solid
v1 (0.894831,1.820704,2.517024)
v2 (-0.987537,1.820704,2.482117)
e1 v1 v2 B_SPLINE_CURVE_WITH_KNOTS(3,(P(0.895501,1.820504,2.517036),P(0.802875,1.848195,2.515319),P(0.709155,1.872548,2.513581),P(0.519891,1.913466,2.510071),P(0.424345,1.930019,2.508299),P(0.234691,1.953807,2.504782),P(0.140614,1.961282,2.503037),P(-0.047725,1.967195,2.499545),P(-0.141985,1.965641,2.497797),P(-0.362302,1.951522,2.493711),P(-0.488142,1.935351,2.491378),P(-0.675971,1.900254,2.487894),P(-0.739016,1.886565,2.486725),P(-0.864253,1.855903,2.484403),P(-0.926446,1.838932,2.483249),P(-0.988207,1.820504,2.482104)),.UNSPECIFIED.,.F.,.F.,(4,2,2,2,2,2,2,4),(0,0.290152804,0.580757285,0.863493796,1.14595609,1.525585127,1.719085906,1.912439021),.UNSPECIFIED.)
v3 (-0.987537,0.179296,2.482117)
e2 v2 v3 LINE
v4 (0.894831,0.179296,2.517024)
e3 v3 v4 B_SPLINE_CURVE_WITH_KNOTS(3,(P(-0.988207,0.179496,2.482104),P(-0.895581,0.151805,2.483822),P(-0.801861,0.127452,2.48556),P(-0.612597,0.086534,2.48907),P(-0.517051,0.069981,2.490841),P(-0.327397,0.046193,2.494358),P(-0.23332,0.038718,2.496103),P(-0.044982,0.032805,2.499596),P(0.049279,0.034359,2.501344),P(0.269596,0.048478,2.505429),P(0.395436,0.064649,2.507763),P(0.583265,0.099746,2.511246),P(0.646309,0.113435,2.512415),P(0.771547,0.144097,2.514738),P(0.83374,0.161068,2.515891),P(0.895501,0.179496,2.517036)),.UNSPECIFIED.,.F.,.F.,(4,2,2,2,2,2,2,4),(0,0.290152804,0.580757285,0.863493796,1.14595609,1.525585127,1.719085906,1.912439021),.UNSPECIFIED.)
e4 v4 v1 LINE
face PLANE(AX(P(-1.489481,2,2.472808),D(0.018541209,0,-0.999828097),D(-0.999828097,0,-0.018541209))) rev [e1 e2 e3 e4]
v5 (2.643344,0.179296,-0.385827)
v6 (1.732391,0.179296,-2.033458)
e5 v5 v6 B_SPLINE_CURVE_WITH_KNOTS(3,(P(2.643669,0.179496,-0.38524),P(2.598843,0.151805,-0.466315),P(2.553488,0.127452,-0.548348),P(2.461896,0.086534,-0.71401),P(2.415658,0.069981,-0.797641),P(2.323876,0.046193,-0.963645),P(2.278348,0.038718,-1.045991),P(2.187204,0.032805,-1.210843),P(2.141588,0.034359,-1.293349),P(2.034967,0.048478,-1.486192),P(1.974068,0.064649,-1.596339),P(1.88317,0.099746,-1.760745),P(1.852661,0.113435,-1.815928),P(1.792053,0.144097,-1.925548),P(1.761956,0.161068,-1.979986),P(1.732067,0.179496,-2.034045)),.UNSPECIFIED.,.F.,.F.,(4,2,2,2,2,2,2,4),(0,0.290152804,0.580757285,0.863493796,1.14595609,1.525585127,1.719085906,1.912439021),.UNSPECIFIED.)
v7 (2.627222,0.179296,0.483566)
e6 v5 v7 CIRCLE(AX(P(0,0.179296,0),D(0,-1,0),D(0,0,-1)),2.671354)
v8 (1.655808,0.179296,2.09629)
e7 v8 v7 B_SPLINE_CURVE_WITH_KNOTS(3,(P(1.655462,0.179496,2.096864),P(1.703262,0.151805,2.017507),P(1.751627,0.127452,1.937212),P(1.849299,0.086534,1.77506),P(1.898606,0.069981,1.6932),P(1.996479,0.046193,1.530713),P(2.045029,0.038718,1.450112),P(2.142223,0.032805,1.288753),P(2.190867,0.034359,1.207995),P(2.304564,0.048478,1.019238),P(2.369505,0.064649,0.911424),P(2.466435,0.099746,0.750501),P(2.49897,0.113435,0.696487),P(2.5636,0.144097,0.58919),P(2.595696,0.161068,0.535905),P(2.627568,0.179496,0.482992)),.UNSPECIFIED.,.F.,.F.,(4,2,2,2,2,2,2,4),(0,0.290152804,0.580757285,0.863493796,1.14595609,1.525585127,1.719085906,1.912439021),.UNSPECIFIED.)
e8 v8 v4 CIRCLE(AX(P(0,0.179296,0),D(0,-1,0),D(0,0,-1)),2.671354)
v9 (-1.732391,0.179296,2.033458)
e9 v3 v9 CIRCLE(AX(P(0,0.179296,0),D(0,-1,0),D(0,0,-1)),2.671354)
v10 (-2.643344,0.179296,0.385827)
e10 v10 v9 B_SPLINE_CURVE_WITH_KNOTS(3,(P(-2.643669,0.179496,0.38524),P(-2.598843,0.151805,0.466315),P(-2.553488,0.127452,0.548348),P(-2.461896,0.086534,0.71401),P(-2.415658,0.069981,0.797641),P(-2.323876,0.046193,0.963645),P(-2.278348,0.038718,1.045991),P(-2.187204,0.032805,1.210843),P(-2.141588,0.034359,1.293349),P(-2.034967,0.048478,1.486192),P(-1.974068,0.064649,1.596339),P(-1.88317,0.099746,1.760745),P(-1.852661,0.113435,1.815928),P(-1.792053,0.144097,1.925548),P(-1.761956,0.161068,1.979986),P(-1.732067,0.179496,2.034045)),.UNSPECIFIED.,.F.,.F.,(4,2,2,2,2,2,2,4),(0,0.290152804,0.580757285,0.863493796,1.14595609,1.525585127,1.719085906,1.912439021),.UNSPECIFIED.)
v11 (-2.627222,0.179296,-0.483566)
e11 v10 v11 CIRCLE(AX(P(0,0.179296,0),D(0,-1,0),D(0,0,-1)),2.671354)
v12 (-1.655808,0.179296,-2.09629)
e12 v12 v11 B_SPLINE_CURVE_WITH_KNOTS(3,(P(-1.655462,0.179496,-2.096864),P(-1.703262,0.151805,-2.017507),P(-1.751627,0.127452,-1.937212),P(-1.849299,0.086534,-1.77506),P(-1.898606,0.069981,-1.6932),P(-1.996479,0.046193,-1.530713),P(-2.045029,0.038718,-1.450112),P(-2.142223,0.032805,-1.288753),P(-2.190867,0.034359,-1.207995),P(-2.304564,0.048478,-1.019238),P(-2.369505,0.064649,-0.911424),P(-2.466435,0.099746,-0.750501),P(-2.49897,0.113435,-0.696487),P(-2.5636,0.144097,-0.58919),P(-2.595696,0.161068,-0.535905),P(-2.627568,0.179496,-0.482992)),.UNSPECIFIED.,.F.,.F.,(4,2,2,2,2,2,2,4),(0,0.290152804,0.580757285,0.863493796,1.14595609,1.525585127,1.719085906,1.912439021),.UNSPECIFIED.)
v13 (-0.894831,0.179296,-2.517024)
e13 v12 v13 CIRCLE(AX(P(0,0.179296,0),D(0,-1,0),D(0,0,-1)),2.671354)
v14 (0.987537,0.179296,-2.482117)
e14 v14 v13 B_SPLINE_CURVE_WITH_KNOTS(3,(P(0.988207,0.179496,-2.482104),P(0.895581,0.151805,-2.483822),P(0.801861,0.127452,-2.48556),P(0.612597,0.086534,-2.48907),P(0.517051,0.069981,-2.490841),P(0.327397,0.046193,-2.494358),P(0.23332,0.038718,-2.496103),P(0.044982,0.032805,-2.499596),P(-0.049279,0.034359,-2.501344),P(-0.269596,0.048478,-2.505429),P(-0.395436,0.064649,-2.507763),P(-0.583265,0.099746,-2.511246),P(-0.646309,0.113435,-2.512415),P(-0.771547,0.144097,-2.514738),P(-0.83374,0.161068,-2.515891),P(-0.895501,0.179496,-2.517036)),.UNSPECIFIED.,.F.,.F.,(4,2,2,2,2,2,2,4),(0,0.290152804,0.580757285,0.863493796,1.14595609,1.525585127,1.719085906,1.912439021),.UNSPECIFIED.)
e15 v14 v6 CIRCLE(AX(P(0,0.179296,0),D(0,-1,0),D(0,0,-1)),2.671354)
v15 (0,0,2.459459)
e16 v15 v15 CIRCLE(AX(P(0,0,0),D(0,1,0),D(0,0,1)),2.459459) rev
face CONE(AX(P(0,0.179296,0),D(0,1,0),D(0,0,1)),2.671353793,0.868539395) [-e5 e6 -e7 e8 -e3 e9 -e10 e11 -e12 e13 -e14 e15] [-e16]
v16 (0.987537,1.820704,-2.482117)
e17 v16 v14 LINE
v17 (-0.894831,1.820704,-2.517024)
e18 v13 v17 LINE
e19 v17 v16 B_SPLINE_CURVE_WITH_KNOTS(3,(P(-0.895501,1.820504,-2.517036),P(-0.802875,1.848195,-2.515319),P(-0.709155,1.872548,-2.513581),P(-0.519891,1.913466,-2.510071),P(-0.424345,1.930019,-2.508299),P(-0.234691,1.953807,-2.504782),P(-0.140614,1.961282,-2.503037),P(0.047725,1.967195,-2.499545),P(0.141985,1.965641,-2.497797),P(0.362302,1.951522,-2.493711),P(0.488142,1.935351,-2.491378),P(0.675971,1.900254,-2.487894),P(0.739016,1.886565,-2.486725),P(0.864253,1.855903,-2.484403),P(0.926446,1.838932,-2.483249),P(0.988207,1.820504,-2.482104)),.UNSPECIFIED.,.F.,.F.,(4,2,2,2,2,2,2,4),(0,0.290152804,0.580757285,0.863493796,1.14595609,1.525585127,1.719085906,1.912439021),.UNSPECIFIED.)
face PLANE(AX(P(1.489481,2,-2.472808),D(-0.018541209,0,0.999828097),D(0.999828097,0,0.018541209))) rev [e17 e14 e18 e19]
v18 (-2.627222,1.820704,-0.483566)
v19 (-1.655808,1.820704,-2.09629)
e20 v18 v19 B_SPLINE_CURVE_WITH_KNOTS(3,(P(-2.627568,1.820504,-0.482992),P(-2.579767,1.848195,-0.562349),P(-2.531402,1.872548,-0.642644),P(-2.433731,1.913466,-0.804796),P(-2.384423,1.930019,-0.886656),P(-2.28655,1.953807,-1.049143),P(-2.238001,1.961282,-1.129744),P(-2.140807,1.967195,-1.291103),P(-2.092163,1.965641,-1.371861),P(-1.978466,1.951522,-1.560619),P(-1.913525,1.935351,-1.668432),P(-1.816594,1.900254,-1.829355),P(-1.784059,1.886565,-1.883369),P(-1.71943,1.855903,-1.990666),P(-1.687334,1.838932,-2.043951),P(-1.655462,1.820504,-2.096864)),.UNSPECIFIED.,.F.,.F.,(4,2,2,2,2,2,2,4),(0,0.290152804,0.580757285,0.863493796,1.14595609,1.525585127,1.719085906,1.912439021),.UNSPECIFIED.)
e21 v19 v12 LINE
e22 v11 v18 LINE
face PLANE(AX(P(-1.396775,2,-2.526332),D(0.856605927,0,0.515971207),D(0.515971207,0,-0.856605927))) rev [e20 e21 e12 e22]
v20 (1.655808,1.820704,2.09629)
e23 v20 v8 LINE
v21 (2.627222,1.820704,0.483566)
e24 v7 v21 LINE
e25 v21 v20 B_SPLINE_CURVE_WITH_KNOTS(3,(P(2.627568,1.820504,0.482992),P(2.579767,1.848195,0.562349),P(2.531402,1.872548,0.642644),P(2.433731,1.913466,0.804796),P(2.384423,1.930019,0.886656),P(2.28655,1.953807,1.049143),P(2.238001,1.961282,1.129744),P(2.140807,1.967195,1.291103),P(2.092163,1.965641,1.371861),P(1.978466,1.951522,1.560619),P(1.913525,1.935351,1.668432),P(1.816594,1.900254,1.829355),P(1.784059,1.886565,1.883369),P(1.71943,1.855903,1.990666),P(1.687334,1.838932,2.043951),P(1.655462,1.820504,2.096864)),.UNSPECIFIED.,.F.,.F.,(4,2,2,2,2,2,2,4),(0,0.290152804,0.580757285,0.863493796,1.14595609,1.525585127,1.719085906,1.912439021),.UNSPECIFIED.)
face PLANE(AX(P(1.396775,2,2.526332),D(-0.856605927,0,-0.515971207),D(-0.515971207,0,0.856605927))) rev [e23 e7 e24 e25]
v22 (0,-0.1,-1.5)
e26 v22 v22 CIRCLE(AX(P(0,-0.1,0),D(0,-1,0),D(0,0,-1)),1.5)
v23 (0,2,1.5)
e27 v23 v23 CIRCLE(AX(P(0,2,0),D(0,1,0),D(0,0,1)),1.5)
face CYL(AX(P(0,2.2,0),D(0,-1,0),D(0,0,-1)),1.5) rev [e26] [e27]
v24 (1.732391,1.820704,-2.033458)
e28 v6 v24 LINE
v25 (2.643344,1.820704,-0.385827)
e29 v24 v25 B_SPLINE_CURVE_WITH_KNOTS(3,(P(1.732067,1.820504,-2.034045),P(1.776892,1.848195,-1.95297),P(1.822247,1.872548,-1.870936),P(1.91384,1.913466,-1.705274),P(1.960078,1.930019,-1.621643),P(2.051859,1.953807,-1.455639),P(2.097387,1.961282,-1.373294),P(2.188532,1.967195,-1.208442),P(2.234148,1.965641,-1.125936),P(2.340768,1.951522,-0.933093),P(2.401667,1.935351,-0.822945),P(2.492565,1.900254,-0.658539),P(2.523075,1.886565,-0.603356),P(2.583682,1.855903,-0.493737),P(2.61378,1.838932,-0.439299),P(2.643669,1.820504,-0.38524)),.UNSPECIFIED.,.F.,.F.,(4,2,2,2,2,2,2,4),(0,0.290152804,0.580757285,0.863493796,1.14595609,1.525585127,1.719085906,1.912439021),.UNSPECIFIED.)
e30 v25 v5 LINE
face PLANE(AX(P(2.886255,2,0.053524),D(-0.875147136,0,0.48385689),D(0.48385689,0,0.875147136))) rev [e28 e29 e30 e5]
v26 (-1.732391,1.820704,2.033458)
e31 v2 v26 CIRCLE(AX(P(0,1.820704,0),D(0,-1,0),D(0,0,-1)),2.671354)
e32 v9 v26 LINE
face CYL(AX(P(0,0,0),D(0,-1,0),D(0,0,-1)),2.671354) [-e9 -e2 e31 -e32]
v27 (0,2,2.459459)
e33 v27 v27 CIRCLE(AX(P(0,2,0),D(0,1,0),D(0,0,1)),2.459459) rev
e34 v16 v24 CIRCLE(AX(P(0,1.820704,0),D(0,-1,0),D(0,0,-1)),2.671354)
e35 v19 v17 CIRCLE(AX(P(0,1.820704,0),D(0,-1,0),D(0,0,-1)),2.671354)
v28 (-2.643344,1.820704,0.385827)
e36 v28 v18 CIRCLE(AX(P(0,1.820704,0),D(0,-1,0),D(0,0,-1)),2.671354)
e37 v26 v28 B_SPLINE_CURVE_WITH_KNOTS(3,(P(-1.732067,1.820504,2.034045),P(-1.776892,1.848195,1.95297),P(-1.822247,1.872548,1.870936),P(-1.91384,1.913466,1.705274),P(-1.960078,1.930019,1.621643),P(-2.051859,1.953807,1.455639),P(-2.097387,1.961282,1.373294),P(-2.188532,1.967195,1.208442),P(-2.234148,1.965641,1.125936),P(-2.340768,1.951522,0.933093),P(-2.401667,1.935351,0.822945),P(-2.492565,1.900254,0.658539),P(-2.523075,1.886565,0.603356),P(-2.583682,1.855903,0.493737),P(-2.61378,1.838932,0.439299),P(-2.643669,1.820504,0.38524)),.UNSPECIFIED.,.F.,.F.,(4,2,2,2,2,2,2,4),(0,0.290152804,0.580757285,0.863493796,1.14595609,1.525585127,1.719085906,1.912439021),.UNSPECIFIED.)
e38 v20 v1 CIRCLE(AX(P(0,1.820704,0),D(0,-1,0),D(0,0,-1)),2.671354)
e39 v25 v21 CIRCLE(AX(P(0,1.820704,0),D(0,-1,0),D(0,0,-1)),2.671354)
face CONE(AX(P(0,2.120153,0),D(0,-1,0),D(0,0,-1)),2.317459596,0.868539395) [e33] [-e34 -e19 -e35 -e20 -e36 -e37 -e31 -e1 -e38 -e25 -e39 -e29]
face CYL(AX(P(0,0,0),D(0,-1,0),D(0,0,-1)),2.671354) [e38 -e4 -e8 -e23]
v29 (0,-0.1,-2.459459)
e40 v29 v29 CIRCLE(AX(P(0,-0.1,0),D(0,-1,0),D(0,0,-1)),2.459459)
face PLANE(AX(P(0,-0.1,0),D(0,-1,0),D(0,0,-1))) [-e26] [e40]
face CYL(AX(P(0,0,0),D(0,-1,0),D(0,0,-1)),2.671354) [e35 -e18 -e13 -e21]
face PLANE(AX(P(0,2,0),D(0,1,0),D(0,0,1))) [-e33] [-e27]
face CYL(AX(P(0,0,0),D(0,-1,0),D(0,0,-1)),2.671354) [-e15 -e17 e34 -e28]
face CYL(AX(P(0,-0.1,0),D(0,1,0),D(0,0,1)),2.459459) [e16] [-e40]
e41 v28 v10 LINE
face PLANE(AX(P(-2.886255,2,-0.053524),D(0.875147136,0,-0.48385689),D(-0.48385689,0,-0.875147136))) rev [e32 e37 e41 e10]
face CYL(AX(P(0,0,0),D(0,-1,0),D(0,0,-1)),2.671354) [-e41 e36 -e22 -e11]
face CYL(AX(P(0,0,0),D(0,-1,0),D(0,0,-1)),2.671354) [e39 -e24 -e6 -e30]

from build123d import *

# Parameters (mm, degrees)
BOSS_EXTRUDE1_DEPTH = 2
SKETCH2_R           = 1.5
CUT_EXTRUDE1_DEPTH  = 2.2
BOSS_EXTRUDE2_START = 0.1
SKETCH4_R           = 2.459458956
SKETCH4_R_2         = 1.5
BOSS_EXTRUDE2_DEPTH = 0.1


with BuildPart() as part:
    # Sketch1 → Boss-Extrude1 (new body)
    with BuildSketch(Plane(origin=(0, 0, 0), x_dir=(1, 0, 0), z_dir=(0, 1, 0))):
        Polygon((-1.396774529, 2.526332173), (-2.886255105, 0.053523861), (-1.489480575, -2.472808312), (1.396774529, -2.526332173), (2.886255105, -0.053523861), (1.489480575, 2.472808312), align=None)
    extrude(amount=BOSS_EXTRUDE1_DEPTH)

    # Sketch2 → Cut-Extrude1 (cut)
    with BuildSketch(Plane.XZ):
        with Locations(Location((0, 0, 0), (0, 0, 270))):
            Circle(SKETCH2_R)
    extrude(amount=-CUT_EXTRUDE1_DEPTH, mode=Mode.SUBTRACT)

    # Sketch3 → Cut-Revolve1 (revolve, cut)
    with BuildSketch(Plane(origin=(0, 0, 0), x_dir=(0, 0, -1), z_dir=(1, 0, 0)), mode=Mode.PRIVATE) as cut_revolve1_sk:
        Polygon((2.317459596, 2.120153304), (2.671353793, 1.820704368), (2.671353793, 0.179295632), (2.317459596, -0.120153304), (3.58564164, -0.304151817), (3.641464091, 2.445397761), align=None)
    revolve(cut_revolve1_sk.sketch.rotate(Axis((0, 0, 0), (0, 1, 0)), 19.570878152), axis=Axis((0, 0, 0), (0, 1, 0)), mode=Mode.SUBTRACT)

    # Sketch4 → Boss-Extrude2 (add)
    with BuildSketch(Plane.XZ.offset(BOSS_EXTRUDE2_START)):
        with Locations(Location((0, 0, 0), (0, 0, 90))):
            Circle(SKETCH4_R)
        with Locations(Location((0, 0, 0), (0, 0, 270))):
            Circle(SKETCH4_R_2, mode=Mode.SUBTRACT)
    extrude(amount=-BOSS_EXTRUDE2_DEPTH)


solid = part.part
